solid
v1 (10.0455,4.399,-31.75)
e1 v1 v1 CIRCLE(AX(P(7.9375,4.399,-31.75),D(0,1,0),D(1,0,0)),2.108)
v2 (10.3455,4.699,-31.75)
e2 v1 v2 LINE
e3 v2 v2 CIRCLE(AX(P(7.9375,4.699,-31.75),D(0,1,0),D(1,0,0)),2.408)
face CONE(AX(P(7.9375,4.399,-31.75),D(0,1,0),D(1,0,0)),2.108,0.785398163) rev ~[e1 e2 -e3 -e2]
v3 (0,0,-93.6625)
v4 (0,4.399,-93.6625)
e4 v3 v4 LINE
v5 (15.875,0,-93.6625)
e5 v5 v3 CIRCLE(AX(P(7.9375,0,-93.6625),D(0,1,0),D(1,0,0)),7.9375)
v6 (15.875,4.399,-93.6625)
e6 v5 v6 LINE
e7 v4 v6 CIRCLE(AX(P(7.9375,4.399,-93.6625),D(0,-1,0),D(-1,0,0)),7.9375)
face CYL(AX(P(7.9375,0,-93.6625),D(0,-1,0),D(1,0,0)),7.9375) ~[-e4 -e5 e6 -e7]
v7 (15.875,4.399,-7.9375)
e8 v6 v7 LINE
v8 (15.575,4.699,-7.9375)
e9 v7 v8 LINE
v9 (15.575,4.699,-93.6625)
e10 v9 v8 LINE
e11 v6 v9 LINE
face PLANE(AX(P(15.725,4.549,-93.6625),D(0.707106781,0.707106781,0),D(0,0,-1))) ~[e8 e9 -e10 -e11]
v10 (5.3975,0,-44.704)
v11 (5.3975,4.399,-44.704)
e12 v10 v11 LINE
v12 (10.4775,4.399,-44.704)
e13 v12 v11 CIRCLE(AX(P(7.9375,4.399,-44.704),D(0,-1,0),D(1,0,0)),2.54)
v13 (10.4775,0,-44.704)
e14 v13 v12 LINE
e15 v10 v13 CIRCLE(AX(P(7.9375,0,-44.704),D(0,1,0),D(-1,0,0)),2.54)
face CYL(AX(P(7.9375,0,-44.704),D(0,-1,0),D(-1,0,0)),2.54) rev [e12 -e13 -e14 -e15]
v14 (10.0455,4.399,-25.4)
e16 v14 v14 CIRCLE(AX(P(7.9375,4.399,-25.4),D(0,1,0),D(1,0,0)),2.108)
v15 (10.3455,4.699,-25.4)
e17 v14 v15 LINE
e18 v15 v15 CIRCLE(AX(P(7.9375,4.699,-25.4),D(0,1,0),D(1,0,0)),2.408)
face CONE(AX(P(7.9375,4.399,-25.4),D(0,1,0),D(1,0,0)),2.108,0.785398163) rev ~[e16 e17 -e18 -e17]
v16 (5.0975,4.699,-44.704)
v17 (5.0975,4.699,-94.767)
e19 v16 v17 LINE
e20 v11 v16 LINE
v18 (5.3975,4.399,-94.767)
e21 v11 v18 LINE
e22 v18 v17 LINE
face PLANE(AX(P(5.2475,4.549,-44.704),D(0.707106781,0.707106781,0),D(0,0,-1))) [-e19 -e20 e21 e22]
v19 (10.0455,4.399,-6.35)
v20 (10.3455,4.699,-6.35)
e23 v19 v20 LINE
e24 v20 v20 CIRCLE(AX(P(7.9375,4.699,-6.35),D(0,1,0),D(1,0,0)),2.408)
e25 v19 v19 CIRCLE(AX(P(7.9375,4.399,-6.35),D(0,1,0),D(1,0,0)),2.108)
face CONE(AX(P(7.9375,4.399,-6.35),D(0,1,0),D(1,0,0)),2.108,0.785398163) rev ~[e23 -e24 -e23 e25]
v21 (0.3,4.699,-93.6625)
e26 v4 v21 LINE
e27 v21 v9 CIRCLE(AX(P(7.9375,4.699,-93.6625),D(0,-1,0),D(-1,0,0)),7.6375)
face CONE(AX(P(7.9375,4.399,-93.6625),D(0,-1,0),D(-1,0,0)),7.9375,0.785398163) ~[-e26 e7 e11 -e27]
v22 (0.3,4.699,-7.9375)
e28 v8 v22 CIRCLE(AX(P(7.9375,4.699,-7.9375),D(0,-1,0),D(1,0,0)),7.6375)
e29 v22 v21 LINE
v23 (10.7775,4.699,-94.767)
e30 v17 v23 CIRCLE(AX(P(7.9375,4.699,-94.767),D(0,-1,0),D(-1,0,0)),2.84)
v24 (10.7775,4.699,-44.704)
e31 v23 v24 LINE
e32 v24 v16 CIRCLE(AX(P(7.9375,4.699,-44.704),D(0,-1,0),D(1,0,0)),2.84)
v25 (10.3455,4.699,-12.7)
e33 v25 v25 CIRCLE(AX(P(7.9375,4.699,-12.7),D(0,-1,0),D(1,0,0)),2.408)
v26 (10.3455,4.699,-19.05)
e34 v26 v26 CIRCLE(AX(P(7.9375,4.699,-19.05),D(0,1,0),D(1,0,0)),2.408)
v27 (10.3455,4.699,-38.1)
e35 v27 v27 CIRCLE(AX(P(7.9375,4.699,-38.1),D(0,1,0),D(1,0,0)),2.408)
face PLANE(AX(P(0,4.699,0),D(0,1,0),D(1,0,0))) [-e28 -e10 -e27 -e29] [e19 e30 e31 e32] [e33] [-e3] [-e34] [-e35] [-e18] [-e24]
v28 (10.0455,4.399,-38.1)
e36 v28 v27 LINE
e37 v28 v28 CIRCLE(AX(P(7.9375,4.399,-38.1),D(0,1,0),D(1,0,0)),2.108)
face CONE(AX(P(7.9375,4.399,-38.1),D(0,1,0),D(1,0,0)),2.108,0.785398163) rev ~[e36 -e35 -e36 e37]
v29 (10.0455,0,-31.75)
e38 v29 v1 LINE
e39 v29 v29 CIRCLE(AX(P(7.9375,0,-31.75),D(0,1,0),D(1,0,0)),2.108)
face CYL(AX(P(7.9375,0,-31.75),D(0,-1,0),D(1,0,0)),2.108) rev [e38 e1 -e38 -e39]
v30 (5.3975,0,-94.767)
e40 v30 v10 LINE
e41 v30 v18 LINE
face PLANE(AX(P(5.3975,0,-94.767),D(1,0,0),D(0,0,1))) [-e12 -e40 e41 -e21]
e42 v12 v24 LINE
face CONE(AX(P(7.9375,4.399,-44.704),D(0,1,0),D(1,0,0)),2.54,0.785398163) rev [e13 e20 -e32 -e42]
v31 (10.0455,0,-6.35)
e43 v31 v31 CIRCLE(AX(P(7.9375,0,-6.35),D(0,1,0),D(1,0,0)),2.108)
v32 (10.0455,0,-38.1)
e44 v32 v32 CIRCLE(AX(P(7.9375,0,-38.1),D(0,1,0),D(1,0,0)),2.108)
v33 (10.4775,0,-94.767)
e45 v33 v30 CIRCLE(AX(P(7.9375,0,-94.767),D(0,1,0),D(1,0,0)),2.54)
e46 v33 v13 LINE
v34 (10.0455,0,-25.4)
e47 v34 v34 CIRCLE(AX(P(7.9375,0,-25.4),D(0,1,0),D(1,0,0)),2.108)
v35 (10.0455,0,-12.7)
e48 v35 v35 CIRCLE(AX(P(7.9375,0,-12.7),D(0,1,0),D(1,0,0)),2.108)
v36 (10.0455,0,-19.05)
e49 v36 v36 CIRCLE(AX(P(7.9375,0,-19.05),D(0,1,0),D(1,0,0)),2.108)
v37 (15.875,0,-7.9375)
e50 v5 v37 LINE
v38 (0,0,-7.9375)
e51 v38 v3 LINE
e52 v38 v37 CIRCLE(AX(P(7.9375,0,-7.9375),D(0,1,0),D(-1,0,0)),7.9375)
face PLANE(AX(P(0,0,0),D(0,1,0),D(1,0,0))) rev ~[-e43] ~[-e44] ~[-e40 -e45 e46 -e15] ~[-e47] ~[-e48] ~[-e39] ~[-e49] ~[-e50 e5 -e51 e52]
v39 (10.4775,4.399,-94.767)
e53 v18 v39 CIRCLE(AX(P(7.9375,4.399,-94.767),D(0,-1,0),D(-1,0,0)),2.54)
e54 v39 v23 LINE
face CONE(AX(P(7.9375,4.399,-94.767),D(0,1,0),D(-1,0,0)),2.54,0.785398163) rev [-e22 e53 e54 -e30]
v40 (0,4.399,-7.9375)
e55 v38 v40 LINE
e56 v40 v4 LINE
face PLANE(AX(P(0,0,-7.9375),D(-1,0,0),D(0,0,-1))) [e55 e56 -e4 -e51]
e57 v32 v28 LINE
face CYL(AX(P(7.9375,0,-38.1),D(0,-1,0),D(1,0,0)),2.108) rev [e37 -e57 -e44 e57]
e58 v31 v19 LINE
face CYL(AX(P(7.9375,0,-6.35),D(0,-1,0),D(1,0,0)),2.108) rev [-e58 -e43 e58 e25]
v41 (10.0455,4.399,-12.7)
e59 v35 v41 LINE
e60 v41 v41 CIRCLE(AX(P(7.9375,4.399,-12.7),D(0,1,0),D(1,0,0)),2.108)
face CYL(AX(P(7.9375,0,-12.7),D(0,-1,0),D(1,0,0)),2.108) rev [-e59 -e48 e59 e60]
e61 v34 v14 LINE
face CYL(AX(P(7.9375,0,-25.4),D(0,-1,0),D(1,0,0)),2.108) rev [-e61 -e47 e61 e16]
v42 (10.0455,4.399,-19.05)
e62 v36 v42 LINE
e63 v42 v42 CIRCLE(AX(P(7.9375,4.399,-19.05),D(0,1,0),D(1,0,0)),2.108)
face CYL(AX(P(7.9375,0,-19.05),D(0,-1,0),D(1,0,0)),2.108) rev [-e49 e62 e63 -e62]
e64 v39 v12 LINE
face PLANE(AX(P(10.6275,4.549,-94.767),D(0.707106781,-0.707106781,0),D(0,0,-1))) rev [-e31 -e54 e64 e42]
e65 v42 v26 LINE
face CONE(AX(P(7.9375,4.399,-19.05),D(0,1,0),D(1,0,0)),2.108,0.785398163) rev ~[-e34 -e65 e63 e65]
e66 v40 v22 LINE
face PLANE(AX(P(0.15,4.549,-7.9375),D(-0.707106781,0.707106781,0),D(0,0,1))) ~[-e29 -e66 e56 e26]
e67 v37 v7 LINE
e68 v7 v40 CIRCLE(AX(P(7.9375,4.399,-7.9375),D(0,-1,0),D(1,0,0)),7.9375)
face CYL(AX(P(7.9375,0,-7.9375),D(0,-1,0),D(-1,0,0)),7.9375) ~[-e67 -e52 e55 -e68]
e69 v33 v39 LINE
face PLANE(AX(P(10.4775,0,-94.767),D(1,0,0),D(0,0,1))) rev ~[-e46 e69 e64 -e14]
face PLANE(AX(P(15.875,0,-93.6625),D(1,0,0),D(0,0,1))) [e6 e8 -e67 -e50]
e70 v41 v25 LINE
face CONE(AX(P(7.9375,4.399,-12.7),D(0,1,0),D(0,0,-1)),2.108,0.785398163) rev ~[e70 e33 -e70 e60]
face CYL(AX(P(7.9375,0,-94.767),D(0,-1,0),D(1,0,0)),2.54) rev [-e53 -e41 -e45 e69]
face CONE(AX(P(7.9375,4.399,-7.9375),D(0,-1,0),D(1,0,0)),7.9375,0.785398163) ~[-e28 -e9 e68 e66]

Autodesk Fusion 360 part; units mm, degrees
sketch "Esboço1" plane through (0, 0, 0) normal (0, 1, 0) x (1, 0, 0)
  line L0 (0, 7.9375) -> (0, 93.6625)
  line L1 (15.875, 93.6625) -> (15.875, 7.9375)
  arc A0 (0, 7.9375) -> (15.875, 7.9375) centre (7.9375, 7.9375) ccw
  arc A1 (15.875, 93.6625) -> (0, 93.6625) centre (7.9375, 93.6625) ccw
  line L2 (7.9375, 38.1) -> (7.9375, 38)
  line L3 (7.9375, 6.35) -> (7.9375, 7.9375)
  circle A2 centre (7.9375, 6.35) radius 2.108
  circle A3 centre (7.9375, 12.7) radius 2.108
  circle A4 centre (7.9375, 19.05) radius 2.108
  circle A5 centre (7.9375, 25.4) radius 2.108
  circle A6 centre (7.9375, 31.75) radius 2.108
  circle A7 centre (7.9375, 38.1) radius 2.108
  line L4 (7.9375, 12.7) -> (7.9375, 14.808)
  arc A8 (10.4775, 94.767) -> (5.3975, 94.767) centre (7.9375, 94.767) ccw
  arc A9 (5.3975, 44.704) -> (10.4775, 44.704) centre (7.9375, 44.704) ccw
  line L5 (5.3975, 94.767) -> (5.3975, 44.704)
  line L6 (10.4775, 94.767) -> (10.4775, 44.704)
  dimension "d7" = 6.35
  dimension "d8" = 6.35
  dimension "d9" = 6.35
  dimension "d10" = 6.35
  dimension "d11" = 6.35
  dimension "d12" = 4.216
  dimension "d13" = 4.216
  dimension "d14" = 4.216
  dimension "d15" = 4.216
  dimension "d16" = 4.216
  dimension "d17" = 4.216
  dimension "d19" = 5.08
  dimension "d20" = 50.063
  dimension "d21" = 5.08
extrude "Extrusão1" add sketch "Esboço1" along normal blind 4.699
chamfer "Chanfro1" distance 0.3 angle 45 14 edges at (15.875, 4.699, -50.8) (7.9375, 4.699, -101.6) (0, 4.699, -50.8) (7.9375, 4.699, 0) (10.4775, 4.699, -69.7355) (7.9375, 4.699, -42.164) (5.3975, 4.699, -69.7355) (7.9375, 4.699, -97.307) (5.9722, 4.699, -38.8623) (5.9722, 4.699, -32.5123) (5.9722, 4.699, -26.1623) (5.9722, 4.699, -19.8123) (5.9722, 4.699, -13.4623) (5.9722, 4.699, -7.1123)
